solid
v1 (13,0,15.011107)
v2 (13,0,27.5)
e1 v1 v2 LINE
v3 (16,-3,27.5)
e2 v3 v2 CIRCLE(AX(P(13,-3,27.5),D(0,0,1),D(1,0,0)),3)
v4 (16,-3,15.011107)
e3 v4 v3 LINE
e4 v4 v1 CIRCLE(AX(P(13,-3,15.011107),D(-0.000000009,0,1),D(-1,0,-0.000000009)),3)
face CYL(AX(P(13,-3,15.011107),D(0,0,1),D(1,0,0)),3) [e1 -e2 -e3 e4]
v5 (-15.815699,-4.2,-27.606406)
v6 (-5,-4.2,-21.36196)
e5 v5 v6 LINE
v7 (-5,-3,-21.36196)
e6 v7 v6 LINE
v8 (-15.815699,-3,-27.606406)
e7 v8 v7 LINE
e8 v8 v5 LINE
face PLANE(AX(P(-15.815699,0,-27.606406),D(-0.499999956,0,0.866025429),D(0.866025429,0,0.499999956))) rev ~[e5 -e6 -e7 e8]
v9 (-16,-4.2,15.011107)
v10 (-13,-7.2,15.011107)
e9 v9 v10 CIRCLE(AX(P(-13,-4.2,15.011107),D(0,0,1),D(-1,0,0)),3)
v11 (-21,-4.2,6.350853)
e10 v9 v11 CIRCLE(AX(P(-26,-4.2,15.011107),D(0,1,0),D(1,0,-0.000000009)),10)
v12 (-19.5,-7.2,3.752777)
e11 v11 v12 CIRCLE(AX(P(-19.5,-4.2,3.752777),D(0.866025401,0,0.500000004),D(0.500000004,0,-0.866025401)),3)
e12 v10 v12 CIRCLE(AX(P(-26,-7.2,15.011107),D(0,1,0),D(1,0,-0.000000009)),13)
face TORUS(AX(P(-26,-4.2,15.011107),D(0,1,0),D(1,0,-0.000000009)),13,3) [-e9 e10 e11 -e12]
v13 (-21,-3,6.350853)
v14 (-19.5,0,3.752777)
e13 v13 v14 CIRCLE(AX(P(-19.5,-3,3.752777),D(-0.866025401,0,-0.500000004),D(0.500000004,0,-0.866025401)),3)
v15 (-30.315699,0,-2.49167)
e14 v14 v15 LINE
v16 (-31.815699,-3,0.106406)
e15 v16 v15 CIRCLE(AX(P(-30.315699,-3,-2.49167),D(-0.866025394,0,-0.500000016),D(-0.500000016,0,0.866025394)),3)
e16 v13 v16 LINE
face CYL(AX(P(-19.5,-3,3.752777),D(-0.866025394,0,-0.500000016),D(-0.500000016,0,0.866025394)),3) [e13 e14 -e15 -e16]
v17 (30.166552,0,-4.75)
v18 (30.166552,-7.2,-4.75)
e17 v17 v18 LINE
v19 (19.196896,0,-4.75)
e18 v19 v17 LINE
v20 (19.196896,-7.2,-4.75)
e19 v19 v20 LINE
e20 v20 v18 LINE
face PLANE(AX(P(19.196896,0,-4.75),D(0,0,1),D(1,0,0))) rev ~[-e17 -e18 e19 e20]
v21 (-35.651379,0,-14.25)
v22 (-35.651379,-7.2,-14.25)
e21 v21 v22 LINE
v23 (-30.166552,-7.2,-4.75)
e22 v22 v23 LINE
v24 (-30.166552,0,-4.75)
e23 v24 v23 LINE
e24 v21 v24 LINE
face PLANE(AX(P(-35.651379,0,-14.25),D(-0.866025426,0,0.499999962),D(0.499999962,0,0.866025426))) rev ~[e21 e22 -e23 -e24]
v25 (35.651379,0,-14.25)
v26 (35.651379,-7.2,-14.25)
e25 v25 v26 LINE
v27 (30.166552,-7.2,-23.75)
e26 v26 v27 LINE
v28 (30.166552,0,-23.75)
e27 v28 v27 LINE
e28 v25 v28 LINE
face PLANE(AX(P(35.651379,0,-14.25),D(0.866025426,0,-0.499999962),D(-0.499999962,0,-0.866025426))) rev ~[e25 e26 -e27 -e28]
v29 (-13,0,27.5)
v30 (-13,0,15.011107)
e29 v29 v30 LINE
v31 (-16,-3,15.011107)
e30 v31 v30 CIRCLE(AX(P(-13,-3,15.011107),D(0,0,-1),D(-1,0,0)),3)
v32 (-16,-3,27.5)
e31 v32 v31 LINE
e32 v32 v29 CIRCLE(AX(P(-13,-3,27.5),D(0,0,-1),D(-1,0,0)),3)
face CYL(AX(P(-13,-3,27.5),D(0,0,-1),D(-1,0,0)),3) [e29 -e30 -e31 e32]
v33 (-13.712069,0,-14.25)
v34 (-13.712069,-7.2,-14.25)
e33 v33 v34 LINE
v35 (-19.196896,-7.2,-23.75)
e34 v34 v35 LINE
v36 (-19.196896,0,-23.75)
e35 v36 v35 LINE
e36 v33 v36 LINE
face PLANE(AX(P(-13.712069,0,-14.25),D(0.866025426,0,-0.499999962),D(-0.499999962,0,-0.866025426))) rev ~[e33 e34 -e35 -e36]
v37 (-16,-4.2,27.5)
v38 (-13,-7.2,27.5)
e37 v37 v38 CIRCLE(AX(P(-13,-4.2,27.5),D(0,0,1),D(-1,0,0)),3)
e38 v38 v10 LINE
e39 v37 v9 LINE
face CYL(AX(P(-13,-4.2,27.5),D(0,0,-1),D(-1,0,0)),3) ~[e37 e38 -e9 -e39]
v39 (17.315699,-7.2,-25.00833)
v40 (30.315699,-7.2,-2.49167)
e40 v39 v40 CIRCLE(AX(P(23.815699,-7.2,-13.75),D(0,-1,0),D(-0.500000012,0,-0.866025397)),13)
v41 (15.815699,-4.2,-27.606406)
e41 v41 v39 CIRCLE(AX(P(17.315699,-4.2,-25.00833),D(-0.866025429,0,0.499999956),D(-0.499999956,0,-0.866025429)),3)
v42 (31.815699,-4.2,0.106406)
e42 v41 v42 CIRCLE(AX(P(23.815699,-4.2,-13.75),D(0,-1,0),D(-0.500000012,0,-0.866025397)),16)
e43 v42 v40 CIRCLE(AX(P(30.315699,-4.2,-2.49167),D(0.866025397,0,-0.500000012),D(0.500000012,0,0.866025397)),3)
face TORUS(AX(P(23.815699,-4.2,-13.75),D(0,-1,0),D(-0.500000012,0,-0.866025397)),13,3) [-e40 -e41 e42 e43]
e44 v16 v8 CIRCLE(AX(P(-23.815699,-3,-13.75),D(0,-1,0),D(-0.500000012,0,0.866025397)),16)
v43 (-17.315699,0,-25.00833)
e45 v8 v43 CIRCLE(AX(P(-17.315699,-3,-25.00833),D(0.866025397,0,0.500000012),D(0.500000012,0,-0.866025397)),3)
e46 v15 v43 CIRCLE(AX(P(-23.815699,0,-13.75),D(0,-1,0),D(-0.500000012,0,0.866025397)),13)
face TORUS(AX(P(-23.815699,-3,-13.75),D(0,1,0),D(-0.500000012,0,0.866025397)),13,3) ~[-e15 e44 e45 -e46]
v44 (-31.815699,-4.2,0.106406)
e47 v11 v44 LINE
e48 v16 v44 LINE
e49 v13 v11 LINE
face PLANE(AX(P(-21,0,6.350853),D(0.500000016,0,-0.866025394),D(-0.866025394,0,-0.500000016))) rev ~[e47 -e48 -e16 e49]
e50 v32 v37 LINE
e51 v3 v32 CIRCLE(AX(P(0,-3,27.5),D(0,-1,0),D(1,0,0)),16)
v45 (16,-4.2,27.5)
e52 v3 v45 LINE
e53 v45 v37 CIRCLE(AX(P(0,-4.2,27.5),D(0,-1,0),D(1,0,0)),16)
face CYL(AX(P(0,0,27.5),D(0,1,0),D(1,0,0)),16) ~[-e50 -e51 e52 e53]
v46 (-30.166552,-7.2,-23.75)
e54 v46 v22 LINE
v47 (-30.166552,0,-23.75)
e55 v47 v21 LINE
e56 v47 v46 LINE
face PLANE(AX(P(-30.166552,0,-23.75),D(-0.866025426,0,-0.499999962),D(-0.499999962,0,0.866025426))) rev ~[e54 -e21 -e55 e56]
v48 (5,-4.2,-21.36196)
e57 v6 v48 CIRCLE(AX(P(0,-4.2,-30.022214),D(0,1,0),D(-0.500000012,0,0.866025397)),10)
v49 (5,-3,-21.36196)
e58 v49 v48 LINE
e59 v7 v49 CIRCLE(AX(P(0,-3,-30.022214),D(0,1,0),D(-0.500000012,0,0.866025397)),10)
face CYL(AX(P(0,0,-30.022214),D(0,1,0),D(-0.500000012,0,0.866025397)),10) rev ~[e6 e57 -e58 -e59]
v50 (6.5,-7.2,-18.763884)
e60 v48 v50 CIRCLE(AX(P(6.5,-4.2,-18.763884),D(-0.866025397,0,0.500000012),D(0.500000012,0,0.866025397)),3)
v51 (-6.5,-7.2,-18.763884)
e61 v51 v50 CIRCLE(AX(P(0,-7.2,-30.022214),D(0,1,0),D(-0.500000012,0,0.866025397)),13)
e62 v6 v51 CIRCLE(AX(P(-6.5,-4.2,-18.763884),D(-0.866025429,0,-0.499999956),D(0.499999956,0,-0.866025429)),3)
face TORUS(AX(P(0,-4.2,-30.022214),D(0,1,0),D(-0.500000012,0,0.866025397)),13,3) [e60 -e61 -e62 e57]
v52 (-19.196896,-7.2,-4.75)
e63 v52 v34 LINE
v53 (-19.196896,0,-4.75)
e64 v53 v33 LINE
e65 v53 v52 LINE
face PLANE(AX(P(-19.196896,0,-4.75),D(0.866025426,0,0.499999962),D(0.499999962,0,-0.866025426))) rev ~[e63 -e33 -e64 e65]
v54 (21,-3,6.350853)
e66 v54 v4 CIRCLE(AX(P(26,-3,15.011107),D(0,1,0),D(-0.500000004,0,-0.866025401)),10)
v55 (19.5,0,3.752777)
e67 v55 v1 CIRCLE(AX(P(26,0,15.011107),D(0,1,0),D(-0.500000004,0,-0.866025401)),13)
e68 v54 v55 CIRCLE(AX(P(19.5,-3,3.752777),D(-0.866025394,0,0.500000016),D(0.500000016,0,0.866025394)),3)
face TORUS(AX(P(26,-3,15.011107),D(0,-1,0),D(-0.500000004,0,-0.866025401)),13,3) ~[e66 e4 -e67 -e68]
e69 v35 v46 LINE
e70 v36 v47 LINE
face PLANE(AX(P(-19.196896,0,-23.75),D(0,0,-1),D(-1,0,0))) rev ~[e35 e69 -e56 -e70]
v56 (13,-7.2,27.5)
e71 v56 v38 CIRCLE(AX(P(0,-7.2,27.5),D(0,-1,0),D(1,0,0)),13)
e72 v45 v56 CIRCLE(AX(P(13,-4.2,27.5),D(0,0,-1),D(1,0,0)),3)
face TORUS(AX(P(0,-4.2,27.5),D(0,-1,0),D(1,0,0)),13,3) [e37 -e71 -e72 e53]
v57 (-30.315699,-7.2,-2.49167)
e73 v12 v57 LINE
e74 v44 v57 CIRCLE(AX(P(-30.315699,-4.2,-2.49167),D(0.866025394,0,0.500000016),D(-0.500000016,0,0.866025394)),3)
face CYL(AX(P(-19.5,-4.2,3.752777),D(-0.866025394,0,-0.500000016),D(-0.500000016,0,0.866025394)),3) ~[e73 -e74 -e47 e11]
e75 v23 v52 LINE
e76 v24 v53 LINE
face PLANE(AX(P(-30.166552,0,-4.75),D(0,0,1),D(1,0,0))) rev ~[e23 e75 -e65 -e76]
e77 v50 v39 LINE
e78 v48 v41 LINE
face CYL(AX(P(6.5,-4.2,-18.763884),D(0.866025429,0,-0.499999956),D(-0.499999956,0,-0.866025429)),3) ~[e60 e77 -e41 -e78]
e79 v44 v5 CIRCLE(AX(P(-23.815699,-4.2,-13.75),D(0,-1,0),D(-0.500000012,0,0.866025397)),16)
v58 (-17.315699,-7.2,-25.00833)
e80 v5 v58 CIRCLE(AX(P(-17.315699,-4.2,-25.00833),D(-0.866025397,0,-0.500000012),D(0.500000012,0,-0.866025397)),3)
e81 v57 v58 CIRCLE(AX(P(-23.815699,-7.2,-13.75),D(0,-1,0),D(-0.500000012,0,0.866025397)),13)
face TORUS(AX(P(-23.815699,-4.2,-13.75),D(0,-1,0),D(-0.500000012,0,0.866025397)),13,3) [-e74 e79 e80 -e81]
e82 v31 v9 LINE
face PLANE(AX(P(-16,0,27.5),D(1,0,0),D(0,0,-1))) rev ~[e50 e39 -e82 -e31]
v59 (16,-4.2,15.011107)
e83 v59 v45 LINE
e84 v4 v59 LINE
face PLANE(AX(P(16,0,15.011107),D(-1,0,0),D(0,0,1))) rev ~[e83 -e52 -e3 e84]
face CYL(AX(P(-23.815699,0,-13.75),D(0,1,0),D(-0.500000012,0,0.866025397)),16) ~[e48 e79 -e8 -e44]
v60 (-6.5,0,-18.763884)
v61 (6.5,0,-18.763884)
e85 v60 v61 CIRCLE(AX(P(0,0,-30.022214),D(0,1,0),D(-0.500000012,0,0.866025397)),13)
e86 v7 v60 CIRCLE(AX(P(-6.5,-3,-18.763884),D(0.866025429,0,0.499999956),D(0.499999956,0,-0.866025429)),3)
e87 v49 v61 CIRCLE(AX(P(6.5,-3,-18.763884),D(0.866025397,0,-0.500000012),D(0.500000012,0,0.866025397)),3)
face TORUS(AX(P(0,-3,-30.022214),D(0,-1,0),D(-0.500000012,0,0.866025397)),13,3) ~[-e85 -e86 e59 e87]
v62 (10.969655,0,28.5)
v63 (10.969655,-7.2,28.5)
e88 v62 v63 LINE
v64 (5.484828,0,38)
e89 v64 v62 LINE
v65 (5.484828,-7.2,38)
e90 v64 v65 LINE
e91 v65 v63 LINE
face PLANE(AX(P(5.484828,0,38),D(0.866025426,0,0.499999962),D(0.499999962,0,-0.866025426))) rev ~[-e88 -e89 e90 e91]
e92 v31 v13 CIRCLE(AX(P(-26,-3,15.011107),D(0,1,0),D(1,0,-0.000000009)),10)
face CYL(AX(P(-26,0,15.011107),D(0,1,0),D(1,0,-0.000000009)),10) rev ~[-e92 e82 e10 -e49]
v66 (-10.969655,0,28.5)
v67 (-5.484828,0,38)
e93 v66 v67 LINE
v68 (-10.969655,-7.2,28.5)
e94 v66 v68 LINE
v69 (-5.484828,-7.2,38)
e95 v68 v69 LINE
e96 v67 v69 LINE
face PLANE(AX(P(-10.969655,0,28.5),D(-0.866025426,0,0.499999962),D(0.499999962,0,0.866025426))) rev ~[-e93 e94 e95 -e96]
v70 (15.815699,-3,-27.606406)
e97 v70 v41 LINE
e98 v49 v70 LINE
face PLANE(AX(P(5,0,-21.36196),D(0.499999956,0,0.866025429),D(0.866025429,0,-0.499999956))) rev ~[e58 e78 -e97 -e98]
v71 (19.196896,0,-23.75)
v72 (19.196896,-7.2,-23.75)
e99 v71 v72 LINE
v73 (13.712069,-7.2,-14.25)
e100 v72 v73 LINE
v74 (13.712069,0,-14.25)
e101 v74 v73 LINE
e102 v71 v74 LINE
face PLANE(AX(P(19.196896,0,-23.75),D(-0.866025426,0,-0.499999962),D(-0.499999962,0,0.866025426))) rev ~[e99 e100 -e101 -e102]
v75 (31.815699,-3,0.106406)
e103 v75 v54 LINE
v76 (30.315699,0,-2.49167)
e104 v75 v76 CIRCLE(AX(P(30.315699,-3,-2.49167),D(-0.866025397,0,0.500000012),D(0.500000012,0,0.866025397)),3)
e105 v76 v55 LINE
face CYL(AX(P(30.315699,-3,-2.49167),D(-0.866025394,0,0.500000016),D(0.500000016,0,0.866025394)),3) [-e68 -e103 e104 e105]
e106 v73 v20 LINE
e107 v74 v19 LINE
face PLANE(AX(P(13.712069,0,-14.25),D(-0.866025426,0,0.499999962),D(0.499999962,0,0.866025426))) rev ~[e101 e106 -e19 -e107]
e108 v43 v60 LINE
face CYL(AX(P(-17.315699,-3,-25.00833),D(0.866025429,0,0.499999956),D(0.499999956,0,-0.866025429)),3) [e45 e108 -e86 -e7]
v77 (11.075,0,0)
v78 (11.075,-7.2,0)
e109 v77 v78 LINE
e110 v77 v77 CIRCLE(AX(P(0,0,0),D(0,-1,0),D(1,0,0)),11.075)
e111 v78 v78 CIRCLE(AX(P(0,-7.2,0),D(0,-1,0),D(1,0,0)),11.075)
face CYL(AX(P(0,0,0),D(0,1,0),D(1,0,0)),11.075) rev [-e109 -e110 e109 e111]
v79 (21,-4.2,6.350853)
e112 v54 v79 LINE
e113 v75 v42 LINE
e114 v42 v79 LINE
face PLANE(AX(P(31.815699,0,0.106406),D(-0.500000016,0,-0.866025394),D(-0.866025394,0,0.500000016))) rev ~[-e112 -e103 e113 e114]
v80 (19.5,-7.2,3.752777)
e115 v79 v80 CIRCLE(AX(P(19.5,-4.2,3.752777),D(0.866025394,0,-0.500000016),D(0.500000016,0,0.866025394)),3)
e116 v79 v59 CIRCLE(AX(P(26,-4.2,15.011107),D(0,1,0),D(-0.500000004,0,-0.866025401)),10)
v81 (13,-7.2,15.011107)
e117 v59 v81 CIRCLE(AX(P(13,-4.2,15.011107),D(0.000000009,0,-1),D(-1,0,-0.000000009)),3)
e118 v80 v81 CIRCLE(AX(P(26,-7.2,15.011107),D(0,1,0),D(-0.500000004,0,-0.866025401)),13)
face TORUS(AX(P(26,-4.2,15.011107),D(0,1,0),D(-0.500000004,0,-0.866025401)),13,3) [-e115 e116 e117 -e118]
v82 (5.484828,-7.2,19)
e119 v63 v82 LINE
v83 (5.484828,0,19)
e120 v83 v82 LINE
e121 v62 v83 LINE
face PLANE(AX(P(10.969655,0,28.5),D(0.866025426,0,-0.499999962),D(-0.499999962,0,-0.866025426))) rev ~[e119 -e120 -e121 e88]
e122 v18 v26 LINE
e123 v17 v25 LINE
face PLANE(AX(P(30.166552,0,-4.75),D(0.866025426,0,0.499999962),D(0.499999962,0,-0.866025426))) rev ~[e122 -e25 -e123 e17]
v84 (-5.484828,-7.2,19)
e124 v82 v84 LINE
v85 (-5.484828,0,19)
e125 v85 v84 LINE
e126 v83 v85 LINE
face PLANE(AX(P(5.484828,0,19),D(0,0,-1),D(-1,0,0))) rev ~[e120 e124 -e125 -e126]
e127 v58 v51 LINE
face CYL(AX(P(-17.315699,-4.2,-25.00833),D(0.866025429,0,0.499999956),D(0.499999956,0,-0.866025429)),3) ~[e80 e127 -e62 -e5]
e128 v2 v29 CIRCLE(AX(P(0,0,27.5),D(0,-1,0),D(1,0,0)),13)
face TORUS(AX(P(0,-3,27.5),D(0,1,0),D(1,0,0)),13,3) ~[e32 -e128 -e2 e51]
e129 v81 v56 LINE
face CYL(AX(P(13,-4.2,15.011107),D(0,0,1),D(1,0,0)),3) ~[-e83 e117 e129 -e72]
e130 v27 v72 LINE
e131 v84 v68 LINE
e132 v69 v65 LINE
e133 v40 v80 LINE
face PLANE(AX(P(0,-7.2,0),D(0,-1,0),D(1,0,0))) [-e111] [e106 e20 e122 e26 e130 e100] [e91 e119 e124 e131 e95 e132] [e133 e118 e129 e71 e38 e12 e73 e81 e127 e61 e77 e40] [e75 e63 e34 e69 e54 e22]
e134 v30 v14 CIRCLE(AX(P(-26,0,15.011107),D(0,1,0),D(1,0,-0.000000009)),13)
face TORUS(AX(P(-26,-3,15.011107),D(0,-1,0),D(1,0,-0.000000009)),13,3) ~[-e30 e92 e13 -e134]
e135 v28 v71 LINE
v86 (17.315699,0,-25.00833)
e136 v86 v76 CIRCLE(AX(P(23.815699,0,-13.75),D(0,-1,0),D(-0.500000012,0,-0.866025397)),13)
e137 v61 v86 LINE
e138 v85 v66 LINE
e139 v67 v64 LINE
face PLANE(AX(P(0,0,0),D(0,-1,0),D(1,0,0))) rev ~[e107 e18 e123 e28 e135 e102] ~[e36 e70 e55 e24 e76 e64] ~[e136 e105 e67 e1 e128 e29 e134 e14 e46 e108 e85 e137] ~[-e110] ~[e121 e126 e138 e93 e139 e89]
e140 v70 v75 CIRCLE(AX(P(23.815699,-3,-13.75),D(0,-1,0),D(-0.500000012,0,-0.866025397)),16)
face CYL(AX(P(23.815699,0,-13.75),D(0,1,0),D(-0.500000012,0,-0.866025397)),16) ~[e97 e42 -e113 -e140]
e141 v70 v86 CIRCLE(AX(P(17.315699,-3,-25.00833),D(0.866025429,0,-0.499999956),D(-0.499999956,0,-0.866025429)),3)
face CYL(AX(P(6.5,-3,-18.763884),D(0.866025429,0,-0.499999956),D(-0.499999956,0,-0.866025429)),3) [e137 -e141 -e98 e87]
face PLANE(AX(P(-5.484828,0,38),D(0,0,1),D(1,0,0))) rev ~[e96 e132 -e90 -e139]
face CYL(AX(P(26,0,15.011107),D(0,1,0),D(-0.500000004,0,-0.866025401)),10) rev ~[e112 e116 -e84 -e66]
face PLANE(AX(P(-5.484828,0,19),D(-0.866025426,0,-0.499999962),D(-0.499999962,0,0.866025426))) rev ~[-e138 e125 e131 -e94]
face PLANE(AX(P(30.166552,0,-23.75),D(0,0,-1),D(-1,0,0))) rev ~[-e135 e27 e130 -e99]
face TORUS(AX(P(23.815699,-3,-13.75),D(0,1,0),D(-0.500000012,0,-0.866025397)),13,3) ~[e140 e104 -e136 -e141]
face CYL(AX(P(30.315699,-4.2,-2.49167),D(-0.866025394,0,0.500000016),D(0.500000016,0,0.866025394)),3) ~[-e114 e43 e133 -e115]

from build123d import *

# Parameters (mm, degrees)
F0_R     = 11.075
F1_DEPTH = 7.2
F2_R     = 3


with BuildPart() as f1:
    # F0 (on Front) → F1 (new body)
    with BuildSketch(Plane.XZ):
        with BuildLine():
            Line((16, 15.011107), (16, 27.5))
            ThreePointArc((16, 27.5), (0, 43.5), (-16, 27.5))
            Line((-16, 27.5), (-16, 15.011107))
            ThreePointArc((-16, 15.011107), (-17.339746, 10.011107), (-21, 6.350853))
            Line((-21, 6.350853), (-31.815699, 0.106406))
            ThreePointArc((-31.815699, 0.106406), (-37.672105, -21.75), (-15.815699, -27.606406))
            Line((-15.815699, -27.606406), (-5, -21.36196))
            ThreePointArc((-5, -21.36196), (0, -20.022214), (5, -21.36196))
            Line((5, -21.36196), (15.815699, -27.606406))
            ThreePointArc((15.815699, -27.606406), (37.672105, -21.75), (31.815699, 0.106406))
            Line((31.815699, 0.106406), (21, 6.350853))
            ThreePointArc((21, 6.350853), (17.339746, 10.011107), (16, 15.011107))
        make_face()
        Polygon((-19.196896, -23.75), (-30.166552, -23.75), (-35.651379, -14.25), (-30.166552, -4.75), (-19.196896, -4.75), (-13.712069, -14.25), align=None, mode=Mode.SUBTRACT)
        Polygon((30.166552, -4.75), (35.651379, -14.25), (30.166552, -23.75), (19.196896, -23.75), (13.712069, -14.25), (19.196896, -4.75), align=None, mode=Mode.SUBTRACT)
        Circle(F0_R, mode=Mode.SUBTRACT)
        Polygon((-10.969655, 28.5), (-5.484828, 38), (5.484828, 38), (10.969655, 28.5), (5.484828, 19), (-5.484828, 19), align=None, mode=Mode.SUBTRACT)
    extrude(amount=F1_DEPTH)

    # F2
    f2_edges = [f1.edges().sort_by_distance(p)[0] for p in [
        (-16, -7.2, 21.255553),
        (0, 0, 43.5),
    ]]
    fillet(f2_edges, radius=F2_R)


solid = f1.part
